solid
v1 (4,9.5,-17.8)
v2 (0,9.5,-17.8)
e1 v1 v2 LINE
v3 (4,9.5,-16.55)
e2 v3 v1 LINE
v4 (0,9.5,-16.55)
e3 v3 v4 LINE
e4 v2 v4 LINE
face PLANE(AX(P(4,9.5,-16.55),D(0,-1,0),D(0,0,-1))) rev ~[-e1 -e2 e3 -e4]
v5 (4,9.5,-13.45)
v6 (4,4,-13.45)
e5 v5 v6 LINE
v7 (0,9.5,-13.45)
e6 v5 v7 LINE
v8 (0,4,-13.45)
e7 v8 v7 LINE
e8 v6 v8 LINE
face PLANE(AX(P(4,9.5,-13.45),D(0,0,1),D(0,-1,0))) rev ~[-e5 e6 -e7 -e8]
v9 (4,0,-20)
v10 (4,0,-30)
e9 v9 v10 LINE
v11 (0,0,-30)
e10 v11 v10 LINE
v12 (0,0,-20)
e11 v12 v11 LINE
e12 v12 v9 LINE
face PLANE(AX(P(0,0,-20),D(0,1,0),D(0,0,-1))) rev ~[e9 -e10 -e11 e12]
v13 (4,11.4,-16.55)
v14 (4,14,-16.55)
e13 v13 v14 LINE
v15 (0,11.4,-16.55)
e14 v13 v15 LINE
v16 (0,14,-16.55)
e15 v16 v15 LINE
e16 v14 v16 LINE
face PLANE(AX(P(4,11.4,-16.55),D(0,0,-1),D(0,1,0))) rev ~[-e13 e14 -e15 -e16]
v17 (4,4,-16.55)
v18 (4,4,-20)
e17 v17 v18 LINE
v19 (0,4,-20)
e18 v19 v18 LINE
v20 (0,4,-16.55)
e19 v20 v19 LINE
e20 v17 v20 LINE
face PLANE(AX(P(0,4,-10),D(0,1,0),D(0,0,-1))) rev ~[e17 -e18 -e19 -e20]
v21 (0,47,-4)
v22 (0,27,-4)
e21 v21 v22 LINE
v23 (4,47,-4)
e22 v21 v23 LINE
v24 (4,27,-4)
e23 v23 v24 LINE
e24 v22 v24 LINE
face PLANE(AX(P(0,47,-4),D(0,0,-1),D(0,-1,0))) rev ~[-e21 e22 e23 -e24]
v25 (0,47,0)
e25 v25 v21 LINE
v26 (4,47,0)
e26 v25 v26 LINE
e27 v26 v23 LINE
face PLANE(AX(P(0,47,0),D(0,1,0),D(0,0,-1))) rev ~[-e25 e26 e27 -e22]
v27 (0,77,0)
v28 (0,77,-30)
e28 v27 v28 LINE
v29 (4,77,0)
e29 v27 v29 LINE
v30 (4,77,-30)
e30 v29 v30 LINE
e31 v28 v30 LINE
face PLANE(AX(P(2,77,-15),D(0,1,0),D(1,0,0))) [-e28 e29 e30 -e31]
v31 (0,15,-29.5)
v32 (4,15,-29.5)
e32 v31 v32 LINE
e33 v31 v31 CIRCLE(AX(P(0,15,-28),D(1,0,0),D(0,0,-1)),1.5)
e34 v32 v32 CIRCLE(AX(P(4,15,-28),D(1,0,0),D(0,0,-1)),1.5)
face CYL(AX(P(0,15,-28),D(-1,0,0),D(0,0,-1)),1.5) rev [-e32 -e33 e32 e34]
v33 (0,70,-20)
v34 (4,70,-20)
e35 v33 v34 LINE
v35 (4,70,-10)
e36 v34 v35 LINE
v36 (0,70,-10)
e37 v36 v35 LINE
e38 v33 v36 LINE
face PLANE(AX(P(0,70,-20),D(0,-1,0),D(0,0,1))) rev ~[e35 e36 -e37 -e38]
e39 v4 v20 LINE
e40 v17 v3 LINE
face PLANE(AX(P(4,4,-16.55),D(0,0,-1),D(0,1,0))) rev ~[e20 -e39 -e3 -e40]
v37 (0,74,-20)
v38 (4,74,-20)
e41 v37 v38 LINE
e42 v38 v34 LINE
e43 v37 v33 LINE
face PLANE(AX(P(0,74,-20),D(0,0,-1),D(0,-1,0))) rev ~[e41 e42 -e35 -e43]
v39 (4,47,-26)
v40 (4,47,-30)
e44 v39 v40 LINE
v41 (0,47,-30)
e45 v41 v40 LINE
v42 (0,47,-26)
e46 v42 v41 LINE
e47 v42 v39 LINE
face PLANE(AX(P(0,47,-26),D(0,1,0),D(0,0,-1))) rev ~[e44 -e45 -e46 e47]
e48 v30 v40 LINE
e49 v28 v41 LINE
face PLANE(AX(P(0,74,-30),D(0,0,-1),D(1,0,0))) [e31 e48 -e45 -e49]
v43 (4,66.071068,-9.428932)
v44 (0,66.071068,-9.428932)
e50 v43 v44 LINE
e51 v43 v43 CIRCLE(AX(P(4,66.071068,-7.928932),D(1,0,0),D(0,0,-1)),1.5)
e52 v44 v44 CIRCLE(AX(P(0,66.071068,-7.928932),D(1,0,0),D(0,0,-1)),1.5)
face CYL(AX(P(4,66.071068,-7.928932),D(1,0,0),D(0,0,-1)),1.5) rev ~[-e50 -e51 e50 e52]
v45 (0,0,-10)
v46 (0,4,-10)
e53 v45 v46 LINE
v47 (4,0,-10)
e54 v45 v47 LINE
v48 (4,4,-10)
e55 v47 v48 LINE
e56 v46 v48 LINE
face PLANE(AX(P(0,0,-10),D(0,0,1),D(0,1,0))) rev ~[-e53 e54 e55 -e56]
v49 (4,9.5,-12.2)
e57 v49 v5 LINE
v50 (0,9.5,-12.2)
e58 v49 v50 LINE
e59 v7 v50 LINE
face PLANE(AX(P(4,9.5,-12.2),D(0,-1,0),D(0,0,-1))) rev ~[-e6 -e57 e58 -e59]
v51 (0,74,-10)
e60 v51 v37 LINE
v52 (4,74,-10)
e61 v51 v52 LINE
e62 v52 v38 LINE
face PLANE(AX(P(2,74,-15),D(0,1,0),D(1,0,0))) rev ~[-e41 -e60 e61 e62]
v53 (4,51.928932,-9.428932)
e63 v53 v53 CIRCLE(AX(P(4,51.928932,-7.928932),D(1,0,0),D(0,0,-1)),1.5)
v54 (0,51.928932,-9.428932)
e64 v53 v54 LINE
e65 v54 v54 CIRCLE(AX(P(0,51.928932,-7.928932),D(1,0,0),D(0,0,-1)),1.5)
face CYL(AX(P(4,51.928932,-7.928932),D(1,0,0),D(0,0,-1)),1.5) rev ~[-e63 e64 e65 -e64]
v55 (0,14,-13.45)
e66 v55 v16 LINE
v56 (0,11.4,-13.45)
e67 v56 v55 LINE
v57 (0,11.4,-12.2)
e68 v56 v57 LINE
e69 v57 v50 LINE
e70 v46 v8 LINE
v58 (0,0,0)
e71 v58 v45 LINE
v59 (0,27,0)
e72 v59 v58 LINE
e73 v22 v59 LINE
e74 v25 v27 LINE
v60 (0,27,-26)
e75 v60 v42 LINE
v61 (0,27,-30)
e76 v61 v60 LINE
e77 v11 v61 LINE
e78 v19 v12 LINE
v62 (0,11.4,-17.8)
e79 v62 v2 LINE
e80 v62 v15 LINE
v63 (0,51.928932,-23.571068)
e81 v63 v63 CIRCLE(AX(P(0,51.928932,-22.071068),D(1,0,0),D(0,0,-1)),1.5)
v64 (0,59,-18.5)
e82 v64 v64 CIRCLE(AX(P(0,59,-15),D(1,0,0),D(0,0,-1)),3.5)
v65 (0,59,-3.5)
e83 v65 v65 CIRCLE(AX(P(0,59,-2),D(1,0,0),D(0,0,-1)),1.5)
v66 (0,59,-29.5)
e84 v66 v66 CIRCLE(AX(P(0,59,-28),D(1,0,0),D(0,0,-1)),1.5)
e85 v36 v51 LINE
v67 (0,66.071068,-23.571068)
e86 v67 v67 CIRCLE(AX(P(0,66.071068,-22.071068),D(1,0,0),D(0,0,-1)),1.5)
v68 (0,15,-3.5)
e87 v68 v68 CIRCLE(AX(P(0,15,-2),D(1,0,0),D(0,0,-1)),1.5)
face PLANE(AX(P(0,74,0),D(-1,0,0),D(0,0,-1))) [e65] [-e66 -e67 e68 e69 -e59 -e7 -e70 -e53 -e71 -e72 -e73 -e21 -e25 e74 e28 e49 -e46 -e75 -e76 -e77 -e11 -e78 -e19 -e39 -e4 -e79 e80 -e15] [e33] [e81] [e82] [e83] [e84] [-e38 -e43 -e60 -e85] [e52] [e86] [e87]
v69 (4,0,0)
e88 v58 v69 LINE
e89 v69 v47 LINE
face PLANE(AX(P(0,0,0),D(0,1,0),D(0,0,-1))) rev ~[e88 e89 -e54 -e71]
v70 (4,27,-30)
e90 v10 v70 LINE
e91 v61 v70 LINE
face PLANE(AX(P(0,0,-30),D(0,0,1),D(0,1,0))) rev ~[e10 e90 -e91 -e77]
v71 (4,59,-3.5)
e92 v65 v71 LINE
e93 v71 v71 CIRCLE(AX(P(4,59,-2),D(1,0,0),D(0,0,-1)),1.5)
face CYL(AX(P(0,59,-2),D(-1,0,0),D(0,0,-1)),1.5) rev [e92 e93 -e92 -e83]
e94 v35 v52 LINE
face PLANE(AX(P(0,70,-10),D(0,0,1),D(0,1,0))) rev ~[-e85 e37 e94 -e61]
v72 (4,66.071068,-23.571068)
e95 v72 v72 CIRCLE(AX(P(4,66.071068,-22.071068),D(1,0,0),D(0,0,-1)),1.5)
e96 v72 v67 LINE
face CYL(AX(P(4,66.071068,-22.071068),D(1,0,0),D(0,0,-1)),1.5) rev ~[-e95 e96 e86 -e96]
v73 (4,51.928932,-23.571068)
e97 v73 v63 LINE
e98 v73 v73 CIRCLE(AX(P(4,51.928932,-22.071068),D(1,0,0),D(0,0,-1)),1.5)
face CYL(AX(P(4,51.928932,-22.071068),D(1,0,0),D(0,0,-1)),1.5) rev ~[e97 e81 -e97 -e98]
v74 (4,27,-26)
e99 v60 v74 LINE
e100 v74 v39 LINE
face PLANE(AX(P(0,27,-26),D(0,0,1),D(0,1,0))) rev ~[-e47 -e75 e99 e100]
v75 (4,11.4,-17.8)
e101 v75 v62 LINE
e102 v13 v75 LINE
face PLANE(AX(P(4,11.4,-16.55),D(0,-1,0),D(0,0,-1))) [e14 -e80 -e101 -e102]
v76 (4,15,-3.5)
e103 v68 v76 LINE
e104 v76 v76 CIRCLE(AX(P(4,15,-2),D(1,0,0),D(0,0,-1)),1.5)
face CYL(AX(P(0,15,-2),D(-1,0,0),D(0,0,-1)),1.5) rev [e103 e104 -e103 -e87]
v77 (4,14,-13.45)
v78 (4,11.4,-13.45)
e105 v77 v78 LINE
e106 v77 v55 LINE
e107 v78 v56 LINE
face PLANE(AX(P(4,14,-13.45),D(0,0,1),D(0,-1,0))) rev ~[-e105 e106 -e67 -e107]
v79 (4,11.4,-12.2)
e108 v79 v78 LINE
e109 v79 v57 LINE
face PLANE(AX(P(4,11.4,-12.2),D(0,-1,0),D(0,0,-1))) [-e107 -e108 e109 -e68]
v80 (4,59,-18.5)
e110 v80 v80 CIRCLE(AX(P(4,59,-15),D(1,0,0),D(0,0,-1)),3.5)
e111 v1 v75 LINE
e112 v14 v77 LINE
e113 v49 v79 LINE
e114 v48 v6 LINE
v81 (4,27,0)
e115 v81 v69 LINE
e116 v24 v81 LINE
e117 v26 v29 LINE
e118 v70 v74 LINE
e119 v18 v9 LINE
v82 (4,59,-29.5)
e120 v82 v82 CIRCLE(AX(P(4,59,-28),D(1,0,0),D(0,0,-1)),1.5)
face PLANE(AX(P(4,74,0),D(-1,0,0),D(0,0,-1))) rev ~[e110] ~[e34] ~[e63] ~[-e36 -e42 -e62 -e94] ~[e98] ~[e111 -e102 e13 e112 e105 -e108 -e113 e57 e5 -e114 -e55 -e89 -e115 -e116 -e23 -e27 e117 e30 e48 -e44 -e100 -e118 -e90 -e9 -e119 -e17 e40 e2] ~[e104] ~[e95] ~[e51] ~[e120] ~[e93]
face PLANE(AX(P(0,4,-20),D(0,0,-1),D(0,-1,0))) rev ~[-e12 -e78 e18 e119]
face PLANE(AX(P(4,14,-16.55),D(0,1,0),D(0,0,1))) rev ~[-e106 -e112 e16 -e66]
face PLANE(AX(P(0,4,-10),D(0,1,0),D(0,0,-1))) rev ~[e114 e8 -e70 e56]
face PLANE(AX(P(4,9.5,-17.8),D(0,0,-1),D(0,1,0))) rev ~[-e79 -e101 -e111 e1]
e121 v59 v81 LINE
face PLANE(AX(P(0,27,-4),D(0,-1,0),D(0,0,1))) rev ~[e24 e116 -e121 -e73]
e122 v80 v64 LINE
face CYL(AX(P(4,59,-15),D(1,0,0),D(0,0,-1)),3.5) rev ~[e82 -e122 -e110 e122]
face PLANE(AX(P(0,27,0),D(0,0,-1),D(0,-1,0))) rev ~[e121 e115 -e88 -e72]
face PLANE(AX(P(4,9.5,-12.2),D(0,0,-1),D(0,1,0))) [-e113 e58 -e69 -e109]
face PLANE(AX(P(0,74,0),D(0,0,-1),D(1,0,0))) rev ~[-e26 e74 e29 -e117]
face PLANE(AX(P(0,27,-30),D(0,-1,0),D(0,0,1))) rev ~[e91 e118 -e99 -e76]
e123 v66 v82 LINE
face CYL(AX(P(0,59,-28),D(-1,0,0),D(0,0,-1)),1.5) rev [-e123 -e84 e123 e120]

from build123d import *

# Parameters (mm, degrees)
SKETCH1_R           = 1.5
BOSS_EXTRUDE1_DEPTH = 4
SKETCH2_R           = 3.5
SKETCH2_R_2         = 1.5
CUT_EXTRUDE1_DEPTH  = 4
SKETCH3_W           = 4
SKETCH3_H           = 30
BOSS_EXTRUDE2_DEPTH = 3
SKETCH5_W           = 1.55
SKETCH5_H           = 2.6
SKETCH5_H_2         = 1.9
SKETCH5_H_3         = 5.5
SKETCH5_W_2         = 1.25
CUT_EXTRUDE2_DEPTH  = 10


with BuildPart() as part:
    # Sketch1 → Boss-Extrude1 (new body)
    with BuildSketch(Plane(origin=(0, 0, 0), x_dir=(0, 0, -1), z_dir=(1, 0, 0))):
        Polygon((30, 74), (20, 74), (20, 70), (10, 70), (10, 74), (0, 74), (0, 47), (4, 47), (4, 27), (0, 27), (0, 0), (10, 0), (10, 4), (20, 4), (20, 0), (30, 0), (30, 27), (26, 27), (26, 47), (30, 47), align=None)
        with Locations((2, 15)):
            Circle(SKETCH1_R, mode=Mode.SUBTRACT)
        with Locations((28, 15)):
            Circle(SKETCH1_R, mode=Mode.SUBTRACT)
        with Locations((2, 59)):
            Circle(SKETCH1_R, mode=Mode.SUBTRACT)
        with Locations((28, 59)):
            Circle(SKETCH1_R, mode=Mode.SUBTRACT)
    extrude(amount=BOSS_EXTRUDE1_DEPTH)

    # Sketch2 → Cut-Extrude1 (cut)
    with BuildSketch(Plane(origin=(4, 0, 0), x_dir=(0, 0, -1), z_dir=(1, 0, 0))):
        with Locations((15, 59)):
            Circle(SKETCH2_R)
        with Locations((7.928932188, 66.071067812)):
            Circle(SKETCH2_R_2)
        with Locations((22.071067812, 66.071067812)):
            Circle(SKETCH2_R_2)
        with Locations((22.071067812, 51.928932188)):
            Circle(SKETCH2_R_2)
        with Locations((7.928932188, 51.928932188)):
            Circle(SKETCH2_R_2)
    extrude(amount=-CUT_EXTRUDE1_DEPTH, mode=Mode.SUBTRACT)

    # Sketch3 → Boss-Extrude2 (add)
    with BuildSketch(Plane(origin=(0, 74, 0), x_dir=(1, 0, 0), z_dir=(0, 1, 0))):
        with Locations((2, 15)):
            Rectangle(SKETCH3_W, SKETCH3_H)
    extrude(amount=BOSS_EXTRUDE2_DEPTH)

    # Sketch5 → Cut-Extrude2 (cut)
    with BuildSketch(Plane(origin=(4, 0, 0), x_dir=(0, 0, -1), z_dir=(1, 0, 0))):
        with Locations((14.225, 12.7)):
            Rectangle(SKETCH5_W, SKETCH5_H)
        with Locations((14.225, 10.45)):
            Rectangle(SKETCH5_W, SKETCH5_H_2)
        with Locations((14.225, 6.75)):
            Rectangle(SKETCH5_W, SKETCH5_H_3)
        with Locations((15.775, 12.7)):
            Rectangle(SKETCH5_W, SKETCH5_H)
        with Locations((15.775, 10.45)):
            Rectangle(SKETCH5_W, SKETCH5_H_2)
        with Locations((15.775, 6.75)):
            Rectangle(SKETCH5_W, SKETCH5_H_3)
        with Locations((17.175, 10.45)):
            Rectangle(SKETCH5_W_2, SKETCH5_H_2)
        with Locations((12.825, 10.45)):
            Rectangle(SKETCH5_W_2, SKETCH5_H_2)
    extrude(amount=-CUT_EXTRUDE2_DEPTH, mode=Mode.SUBTRACT)


solid = part.part
